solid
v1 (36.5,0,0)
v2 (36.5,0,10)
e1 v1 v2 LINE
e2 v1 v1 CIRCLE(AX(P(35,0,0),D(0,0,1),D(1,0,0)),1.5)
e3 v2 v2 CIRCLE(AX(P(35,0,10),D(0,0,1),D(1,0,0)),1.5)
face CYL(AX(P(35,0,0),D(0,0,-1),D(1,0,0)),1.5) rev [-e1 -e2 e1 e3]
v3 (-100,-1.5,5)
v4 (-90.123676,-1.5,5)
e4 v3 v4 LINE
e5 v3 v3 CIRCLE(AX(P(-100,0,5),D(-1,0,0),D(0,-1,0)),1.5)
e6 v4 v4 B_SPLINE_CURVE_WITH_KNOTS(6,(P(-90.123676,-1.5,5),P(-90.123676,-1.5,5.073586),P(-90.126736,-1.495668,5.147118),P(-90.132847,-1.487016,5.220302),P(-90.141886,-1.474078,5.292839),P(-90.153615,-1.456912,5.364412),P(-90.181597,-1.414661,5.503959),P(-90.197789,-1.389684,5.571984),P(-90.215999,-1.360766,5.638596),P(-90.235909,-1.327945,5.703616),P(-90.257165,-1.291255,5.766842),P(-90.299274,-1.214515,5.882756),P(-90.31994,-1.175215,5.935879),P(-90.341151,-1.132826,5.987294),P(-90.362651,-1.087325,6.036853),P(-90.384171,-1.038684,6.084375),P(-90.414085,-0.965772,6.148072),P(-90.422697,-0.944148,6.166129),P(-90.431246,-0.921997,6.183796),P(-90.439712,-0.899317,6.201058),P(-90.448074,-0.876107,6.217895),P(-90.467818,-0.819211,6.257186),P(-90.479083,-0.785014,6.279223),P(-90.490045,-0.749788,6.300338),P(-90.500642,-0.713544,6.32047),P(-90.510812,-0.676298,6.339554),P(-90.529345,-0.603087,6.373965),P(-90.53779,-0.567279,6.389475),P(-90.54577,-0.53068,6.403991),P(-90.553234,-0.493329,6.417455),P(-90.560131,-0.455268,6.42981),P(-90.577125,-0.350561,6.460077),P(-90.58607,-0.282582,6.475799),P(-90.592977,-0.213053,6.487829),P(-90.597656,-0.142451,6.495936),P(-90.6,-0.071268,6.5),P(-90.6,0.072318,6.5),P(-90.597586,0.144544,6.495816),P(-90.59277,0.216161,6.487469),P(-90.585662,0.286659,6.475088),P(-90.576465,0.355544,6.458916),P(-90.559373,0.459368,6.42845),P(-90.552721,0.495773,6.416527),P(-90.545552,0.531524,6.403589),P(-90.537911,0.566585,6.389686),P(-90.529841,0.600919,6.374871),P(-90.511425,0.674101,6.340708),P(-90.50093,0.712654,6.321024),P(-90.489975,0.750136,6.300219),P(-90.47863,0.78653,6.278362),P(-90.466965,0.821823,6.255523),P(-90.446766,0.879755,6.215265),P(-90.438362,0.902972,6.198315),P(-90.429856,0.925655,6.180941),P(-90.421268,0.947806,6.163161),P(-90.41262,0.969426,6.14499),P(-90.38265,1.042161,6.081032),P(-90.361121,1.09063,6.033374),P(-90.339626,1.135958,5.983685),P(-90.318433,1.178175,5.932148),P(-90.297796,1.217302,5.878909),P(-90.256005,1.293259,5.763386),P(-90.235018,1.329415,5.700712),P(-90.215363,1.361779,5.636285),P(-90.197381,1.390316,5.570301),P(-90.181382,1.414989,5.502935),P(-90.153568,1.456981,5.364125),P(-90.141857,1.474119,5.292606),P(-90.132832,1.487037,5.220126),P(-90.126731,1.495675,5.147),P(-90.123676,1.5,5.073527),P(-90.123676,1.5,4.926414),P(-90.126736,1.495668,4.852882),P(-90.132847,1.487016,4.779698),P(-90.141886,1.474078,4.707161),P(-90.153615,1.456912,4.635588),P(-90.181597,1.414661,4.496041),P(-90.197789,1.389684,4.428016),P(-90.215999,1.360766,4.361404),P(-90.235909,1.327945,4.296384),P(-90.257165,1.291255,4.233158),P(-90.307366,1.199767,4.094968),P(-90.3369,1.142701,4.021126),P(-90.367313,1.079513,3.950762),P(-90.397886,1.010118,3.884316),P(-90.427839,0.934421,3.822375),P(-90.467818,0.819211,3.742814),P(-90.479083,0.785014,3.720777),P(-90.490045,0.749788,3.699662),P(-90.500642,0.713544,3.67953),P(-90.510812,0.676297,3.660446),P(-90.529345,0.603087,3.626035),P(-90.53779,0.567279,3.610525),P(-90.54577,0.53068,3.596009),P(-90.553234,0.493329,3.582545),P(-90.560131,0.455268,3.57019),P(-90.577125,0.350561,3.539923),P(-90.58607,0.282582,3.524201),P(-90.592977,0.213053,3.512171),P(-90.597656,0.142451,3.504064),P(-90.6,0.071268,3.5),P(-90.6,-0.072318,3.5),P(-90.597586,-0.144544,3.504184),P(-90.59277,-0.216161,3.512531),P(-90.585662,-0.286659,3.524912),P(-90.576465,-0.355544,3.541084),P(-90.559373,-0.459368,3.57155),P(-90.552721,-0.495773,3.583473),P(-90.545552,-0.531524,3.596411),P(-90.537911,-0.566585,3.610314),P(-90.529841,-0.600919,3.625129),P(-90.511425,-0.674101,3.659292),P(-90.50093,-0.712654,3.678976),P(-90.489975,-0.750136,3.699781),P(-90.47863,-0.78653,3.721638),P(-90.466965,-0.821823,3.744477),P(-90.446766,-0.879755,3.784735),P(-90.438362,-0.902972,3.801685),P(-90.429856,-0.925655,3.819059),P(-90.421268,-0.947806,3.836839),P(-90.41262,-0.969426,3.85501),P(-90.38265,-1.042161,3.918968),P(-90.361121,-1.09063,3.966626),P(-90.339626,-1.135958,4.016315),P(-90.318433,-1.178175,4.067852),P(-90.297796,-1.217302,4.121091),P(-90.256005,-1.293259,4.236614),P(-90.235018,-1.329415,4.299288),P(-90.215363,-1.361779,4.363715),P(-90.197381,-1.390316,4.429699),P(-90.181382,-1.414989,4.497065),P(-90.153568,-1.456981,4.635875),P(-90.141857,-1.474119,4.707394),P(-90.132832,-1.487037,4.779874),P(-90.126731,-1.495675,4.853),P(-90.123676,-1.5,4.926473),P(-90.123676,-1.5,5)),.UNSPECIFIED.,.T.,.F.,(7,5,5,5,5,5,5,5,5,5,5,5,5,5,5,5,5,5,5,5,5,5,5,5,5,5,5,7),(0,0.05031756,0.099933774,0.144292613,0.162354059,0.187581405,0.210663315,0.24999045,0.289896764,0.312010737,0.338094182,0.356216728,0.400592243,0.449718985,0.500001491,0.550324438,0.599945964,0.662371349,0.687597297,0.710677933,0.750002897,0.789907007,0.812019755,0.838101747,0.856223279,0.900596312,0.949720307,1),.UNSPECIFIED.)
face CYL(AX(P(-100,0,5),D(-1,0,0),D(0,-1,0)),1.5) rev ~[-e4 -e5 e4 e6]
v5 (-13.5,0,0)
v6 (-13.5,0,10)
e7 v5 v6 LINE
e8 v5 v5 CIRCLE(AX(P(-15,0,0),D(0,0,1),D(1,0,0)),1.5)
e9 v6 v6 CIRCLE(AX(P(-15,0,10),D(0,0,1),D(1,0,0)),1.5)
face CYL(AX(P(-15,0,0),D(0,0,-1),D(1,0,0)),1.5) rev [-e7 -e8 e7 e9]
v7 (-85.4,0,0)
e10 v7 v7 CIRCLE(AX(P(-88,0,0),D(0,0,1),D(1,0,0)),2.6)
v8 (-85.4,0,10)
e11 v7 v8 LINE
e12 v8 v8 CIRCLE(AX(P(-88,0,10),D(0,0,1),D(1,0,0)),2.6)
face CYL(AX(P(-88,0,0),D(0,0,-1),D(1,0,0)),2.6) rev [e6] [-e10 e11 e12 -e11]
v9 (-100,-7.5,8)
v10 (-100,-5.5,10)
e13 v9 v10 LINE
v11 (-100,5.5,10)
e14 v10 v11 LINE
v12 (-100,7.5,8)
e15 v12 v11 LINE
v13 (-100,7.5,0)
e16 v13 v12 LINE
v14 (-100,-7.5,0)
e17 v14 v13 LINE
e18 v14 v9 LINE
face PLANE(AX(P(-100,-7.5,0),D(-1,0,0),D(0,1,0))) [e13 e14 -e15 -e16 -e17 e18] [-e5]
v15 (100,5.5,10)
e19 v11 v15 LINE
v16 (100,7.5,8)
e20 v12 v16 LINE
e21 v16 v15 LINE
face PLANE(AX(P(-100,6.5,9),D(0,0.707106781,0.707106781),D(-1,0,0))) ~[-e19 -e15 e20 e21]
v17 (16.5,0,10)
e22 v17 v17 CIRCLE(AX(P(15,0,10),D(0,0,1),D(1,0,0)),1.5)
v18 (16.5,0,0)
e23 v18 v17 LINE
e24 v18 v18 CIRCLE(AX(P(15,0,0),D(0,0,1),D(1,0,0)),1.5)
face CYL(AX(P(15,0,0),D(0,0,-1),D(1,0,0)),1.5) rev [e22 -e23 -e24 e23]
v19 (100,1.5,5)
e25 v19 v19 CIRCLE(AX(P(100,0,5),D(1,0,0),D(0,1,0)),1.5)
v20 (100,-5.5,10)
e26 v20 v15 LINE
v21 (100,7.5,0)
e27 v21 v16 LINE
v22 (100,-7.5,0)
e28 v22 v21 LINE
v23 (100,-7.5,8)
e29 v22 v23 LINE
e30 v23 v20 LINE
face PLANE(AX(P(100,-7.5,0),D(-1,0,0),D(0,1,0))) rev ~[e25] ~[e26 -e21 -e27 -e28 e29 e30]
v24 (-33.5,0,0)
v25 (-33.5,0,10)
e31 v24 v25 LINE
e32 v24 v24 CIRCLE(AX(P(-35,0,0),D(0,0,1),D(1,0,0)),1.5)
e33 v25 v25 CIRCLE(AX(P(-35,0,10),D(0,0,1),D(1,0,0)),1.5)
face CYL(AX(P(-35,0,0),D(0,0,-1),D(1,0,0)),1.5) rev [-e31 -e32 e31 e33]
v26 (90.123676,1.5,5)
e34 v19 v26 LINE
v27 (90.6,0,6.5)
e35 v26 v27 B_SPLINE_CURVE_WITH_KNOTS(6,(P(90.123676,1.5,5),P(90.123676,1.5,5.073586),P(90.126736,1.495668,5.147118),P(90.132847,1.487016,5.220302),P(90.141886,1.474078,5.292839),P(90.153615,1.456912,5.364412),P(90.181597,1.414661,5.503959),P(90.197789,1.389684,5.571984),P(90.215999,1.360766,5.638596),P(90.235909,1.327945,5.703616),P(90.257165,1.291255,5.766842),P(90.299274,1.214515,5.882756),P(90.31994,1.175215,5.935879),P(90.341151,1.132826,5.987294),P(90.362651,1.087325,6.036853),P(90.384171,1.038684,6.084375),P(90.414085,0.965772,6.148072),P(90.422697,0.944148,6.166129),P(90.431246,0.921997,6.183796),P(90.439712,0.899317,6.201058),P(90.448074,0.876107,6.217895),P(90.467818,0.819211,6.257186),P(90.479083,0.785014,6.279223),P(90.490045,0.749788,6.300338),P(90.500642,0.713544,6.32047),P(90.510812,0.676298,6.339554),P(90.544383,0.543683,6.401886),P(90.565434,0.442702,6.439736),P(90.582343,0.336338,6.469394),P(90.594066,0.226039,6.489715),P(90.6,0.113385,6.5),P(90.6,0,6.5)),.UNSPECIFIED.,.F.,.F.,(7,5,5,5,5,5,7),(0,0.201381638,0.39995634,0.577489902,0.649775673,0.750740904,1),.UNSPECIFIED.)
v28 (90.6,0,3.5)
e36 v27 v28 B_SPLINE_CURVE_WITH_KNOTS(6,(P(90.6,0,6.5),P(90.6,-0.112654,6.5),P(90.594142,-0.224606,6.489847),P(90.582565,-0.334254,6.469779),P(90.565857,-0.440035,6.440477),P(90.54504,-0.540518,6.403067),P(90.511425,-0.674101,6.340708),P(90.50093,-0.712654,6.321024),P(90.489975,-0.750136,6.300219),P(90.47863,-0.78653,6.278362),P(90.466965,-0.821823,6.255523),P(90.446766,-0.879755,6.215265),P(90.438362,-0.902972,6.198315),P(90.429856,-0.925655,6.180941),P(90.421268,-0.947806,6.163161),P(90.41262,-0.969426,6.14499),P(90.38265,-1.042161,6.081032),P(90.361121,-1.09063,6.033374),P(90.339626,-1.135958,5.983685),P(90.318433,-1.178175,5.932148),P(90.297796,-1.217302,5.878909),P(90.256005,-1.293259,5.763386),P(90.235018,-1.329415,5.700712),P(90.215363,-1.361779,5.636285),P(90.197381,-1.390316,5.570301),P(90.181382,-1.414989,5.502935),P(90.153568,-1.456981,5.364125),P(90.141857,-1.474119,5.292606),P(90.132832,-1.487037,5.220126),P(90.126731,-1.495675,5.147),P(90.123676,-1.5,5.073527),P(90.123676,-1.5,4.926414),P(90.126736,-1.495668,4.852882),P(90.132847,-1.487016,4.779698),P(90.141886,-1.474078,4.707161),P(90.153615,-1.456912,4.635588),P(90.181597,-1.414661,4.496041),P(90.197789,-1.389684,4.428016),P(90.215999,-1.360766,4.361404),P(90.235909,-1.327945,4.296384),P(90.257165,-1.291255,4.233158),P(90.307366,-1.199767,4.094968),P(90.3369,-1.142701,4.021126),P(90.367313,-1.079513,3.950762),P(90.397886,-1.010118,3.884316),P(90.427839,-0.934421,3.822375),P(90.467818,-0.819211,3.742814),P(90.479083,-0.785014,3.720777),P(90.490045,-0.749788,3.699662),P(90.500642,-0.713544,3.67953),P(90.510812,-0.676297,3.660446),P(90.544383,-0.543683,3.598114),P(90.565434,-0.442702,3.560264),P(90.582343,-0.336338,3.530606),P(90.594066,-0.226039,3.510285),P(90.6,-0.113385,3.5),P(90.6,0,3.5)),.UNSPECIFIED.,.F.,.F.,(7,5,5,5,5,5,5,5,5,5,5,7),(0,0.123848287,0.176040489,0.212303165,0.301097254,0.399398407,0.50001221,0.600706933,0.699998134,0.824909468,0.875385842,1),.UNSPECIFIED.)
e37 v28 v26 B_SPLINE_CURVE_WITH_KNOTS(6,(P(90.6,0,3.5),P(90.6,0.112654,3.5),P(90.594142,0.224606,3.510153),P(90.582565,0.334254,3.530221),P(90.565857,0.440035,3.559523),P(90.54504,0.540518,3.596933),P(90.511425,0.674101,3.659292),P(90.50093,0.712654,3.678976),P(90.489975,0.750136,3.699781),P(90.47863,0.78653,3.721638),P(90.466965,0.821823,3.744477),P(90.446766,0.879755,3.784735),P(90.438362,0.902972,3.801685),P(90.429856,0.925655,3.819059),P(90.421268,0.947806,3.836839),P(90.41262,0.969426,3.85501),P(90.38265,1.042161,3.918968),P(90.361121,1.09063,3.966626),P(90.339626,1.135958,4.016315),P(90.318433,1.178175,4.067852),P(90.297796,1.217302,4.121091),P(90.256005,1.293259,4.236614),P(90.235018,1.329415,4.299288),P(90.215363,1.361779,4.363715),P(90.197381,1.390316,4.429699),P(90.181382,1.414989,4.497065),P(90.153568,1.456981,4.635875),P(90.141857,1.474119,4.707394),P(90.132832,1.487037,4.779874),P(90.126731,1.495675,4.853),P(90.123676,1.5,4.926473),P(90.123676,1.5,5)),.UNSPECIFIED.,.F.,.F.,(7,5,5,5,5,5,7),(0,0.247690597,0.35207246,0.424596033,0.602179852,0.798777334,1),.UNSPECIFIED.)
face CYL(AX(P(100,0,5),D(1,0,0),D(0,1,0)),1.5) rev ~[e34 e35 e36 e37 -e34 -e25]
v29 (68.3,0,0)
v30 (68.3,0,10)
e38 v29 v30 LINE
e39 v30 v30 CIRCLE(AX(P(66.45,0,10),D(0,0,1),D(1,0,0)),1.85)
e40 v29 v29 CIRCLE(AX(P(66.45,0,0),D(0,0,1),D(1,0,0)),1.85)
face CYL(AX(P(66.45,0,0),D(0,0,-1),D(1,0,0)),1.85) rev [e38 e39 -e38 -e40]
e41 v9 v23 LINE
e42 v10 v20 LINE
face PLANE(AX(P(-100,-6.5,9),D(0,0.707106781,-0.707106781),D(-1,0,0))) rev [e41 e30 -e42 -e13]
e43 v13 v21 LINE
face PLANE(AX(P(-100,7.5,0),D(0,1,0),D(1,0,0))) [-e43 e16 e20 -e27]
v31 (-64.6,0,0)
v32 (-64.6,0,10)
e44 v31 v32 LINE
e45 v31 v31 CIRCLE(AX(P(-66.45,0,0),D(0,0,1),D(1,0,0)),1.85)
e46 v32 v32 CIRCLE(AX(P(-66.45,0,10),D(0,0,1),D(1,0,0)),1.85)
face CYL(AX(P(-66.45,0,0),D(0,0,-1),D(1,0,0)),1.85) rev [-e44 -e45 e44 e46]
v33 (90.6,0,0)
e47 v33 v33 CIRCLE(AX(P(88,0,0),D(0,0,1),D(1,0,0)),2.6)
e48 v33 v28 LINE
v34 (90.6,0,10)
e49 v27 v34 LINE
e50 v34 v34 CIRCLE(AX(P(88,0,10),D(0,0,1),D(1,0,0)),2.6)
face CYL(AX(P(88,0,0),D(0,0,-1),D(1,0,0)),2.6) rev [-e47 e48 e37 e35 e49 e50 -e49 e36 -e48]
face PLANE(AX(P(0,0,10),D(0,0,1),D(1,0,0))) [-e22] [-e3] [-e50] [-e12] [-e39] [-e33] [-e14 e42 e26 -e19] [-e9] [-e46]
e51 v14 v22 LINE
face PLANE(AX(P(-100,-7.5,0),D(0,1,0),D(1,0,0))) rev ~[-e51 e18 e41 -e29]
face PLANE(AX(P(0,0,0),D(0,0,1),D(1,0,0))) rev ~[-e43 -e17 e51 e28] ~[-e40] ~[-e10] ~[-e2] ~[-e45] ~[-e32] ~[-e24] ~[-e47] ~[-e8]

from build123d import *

# Parameters (mm, degrees)
F0_W     = 200
F0_H     = 15
F0_R     = 2.6
F0_R_2   = 1.85
F0_R_3   = 1.5
F1_DEPTH = 10
F2_SIZE  = 2
F3_R     = 1.5
F4_DEPTH = 10
F5_R     = 1.5
F6_DEPTH = 10


with BuildPart() as f1:
    # F0 (on Top) → F1 (new body)
    with BuildSketch(Plane.XY):
        Rectangle(F0_W, F0_H)
        with Locations((-88, 0)):
            Circle(F0_R, mode=Mode.SUBTRACT)
        with Locations((-66.45, 0)):
            Circle(F0_R_2, mode=Mode.SUBTRACT)
        with Locations((-35, 0)):
            Circle(F0_R_3, mode=Mode.SUBTRACT)
        with Locations((-15, 0)):
            Circle(F0_R_3, mode=Mode.SUBTRACT)
        with Locations((15, 0)):
            Circle(F0_R_3, mode=Mode.SUBTRACT)
        with Locations((35, 0)):
            Circle(F0_R_3, mode=Mode.SUBTRACT)
        with Locations((66.45, 0)):
            Circle(F0_R_2, mode=Mode.SUBTRACT)
        with Locations((88, 0)):
            Circle(F0_R, mode=Mode.SUBTRACT)
    extrude(amount=F1_DEPTH)

    # F2
    f2_edges = [f1.edges().sort_by_distance(p)[0] for p in [
        (0, 7.5, 10),
        (0, -7.5, 10),
    ]]
    chamfer(f2_edges, length=F2_SIZE)

    # F3 (on face) → F4 (cut)
    with BuildSketch(Plane.YZ.offset(100)):
        with Locations((0, 5)):
            Circle(F3_R)
    extrude(amount=-F4_DEPTH, mode=Mode.SUBTRACT)

    # F5 (on face) → F6 (cut)
    with BuildSketch(Plane(origin=(-100, 0, 0), x_dir=(0, -1, 0), z_dir=(-1, 0, 0))):
        with Locations((0, 5)):
            Circle(F5_R)
    extrude(amount=-F6_DEPTH, mode=Mode.SUBTRACT)


solid = f1.part
